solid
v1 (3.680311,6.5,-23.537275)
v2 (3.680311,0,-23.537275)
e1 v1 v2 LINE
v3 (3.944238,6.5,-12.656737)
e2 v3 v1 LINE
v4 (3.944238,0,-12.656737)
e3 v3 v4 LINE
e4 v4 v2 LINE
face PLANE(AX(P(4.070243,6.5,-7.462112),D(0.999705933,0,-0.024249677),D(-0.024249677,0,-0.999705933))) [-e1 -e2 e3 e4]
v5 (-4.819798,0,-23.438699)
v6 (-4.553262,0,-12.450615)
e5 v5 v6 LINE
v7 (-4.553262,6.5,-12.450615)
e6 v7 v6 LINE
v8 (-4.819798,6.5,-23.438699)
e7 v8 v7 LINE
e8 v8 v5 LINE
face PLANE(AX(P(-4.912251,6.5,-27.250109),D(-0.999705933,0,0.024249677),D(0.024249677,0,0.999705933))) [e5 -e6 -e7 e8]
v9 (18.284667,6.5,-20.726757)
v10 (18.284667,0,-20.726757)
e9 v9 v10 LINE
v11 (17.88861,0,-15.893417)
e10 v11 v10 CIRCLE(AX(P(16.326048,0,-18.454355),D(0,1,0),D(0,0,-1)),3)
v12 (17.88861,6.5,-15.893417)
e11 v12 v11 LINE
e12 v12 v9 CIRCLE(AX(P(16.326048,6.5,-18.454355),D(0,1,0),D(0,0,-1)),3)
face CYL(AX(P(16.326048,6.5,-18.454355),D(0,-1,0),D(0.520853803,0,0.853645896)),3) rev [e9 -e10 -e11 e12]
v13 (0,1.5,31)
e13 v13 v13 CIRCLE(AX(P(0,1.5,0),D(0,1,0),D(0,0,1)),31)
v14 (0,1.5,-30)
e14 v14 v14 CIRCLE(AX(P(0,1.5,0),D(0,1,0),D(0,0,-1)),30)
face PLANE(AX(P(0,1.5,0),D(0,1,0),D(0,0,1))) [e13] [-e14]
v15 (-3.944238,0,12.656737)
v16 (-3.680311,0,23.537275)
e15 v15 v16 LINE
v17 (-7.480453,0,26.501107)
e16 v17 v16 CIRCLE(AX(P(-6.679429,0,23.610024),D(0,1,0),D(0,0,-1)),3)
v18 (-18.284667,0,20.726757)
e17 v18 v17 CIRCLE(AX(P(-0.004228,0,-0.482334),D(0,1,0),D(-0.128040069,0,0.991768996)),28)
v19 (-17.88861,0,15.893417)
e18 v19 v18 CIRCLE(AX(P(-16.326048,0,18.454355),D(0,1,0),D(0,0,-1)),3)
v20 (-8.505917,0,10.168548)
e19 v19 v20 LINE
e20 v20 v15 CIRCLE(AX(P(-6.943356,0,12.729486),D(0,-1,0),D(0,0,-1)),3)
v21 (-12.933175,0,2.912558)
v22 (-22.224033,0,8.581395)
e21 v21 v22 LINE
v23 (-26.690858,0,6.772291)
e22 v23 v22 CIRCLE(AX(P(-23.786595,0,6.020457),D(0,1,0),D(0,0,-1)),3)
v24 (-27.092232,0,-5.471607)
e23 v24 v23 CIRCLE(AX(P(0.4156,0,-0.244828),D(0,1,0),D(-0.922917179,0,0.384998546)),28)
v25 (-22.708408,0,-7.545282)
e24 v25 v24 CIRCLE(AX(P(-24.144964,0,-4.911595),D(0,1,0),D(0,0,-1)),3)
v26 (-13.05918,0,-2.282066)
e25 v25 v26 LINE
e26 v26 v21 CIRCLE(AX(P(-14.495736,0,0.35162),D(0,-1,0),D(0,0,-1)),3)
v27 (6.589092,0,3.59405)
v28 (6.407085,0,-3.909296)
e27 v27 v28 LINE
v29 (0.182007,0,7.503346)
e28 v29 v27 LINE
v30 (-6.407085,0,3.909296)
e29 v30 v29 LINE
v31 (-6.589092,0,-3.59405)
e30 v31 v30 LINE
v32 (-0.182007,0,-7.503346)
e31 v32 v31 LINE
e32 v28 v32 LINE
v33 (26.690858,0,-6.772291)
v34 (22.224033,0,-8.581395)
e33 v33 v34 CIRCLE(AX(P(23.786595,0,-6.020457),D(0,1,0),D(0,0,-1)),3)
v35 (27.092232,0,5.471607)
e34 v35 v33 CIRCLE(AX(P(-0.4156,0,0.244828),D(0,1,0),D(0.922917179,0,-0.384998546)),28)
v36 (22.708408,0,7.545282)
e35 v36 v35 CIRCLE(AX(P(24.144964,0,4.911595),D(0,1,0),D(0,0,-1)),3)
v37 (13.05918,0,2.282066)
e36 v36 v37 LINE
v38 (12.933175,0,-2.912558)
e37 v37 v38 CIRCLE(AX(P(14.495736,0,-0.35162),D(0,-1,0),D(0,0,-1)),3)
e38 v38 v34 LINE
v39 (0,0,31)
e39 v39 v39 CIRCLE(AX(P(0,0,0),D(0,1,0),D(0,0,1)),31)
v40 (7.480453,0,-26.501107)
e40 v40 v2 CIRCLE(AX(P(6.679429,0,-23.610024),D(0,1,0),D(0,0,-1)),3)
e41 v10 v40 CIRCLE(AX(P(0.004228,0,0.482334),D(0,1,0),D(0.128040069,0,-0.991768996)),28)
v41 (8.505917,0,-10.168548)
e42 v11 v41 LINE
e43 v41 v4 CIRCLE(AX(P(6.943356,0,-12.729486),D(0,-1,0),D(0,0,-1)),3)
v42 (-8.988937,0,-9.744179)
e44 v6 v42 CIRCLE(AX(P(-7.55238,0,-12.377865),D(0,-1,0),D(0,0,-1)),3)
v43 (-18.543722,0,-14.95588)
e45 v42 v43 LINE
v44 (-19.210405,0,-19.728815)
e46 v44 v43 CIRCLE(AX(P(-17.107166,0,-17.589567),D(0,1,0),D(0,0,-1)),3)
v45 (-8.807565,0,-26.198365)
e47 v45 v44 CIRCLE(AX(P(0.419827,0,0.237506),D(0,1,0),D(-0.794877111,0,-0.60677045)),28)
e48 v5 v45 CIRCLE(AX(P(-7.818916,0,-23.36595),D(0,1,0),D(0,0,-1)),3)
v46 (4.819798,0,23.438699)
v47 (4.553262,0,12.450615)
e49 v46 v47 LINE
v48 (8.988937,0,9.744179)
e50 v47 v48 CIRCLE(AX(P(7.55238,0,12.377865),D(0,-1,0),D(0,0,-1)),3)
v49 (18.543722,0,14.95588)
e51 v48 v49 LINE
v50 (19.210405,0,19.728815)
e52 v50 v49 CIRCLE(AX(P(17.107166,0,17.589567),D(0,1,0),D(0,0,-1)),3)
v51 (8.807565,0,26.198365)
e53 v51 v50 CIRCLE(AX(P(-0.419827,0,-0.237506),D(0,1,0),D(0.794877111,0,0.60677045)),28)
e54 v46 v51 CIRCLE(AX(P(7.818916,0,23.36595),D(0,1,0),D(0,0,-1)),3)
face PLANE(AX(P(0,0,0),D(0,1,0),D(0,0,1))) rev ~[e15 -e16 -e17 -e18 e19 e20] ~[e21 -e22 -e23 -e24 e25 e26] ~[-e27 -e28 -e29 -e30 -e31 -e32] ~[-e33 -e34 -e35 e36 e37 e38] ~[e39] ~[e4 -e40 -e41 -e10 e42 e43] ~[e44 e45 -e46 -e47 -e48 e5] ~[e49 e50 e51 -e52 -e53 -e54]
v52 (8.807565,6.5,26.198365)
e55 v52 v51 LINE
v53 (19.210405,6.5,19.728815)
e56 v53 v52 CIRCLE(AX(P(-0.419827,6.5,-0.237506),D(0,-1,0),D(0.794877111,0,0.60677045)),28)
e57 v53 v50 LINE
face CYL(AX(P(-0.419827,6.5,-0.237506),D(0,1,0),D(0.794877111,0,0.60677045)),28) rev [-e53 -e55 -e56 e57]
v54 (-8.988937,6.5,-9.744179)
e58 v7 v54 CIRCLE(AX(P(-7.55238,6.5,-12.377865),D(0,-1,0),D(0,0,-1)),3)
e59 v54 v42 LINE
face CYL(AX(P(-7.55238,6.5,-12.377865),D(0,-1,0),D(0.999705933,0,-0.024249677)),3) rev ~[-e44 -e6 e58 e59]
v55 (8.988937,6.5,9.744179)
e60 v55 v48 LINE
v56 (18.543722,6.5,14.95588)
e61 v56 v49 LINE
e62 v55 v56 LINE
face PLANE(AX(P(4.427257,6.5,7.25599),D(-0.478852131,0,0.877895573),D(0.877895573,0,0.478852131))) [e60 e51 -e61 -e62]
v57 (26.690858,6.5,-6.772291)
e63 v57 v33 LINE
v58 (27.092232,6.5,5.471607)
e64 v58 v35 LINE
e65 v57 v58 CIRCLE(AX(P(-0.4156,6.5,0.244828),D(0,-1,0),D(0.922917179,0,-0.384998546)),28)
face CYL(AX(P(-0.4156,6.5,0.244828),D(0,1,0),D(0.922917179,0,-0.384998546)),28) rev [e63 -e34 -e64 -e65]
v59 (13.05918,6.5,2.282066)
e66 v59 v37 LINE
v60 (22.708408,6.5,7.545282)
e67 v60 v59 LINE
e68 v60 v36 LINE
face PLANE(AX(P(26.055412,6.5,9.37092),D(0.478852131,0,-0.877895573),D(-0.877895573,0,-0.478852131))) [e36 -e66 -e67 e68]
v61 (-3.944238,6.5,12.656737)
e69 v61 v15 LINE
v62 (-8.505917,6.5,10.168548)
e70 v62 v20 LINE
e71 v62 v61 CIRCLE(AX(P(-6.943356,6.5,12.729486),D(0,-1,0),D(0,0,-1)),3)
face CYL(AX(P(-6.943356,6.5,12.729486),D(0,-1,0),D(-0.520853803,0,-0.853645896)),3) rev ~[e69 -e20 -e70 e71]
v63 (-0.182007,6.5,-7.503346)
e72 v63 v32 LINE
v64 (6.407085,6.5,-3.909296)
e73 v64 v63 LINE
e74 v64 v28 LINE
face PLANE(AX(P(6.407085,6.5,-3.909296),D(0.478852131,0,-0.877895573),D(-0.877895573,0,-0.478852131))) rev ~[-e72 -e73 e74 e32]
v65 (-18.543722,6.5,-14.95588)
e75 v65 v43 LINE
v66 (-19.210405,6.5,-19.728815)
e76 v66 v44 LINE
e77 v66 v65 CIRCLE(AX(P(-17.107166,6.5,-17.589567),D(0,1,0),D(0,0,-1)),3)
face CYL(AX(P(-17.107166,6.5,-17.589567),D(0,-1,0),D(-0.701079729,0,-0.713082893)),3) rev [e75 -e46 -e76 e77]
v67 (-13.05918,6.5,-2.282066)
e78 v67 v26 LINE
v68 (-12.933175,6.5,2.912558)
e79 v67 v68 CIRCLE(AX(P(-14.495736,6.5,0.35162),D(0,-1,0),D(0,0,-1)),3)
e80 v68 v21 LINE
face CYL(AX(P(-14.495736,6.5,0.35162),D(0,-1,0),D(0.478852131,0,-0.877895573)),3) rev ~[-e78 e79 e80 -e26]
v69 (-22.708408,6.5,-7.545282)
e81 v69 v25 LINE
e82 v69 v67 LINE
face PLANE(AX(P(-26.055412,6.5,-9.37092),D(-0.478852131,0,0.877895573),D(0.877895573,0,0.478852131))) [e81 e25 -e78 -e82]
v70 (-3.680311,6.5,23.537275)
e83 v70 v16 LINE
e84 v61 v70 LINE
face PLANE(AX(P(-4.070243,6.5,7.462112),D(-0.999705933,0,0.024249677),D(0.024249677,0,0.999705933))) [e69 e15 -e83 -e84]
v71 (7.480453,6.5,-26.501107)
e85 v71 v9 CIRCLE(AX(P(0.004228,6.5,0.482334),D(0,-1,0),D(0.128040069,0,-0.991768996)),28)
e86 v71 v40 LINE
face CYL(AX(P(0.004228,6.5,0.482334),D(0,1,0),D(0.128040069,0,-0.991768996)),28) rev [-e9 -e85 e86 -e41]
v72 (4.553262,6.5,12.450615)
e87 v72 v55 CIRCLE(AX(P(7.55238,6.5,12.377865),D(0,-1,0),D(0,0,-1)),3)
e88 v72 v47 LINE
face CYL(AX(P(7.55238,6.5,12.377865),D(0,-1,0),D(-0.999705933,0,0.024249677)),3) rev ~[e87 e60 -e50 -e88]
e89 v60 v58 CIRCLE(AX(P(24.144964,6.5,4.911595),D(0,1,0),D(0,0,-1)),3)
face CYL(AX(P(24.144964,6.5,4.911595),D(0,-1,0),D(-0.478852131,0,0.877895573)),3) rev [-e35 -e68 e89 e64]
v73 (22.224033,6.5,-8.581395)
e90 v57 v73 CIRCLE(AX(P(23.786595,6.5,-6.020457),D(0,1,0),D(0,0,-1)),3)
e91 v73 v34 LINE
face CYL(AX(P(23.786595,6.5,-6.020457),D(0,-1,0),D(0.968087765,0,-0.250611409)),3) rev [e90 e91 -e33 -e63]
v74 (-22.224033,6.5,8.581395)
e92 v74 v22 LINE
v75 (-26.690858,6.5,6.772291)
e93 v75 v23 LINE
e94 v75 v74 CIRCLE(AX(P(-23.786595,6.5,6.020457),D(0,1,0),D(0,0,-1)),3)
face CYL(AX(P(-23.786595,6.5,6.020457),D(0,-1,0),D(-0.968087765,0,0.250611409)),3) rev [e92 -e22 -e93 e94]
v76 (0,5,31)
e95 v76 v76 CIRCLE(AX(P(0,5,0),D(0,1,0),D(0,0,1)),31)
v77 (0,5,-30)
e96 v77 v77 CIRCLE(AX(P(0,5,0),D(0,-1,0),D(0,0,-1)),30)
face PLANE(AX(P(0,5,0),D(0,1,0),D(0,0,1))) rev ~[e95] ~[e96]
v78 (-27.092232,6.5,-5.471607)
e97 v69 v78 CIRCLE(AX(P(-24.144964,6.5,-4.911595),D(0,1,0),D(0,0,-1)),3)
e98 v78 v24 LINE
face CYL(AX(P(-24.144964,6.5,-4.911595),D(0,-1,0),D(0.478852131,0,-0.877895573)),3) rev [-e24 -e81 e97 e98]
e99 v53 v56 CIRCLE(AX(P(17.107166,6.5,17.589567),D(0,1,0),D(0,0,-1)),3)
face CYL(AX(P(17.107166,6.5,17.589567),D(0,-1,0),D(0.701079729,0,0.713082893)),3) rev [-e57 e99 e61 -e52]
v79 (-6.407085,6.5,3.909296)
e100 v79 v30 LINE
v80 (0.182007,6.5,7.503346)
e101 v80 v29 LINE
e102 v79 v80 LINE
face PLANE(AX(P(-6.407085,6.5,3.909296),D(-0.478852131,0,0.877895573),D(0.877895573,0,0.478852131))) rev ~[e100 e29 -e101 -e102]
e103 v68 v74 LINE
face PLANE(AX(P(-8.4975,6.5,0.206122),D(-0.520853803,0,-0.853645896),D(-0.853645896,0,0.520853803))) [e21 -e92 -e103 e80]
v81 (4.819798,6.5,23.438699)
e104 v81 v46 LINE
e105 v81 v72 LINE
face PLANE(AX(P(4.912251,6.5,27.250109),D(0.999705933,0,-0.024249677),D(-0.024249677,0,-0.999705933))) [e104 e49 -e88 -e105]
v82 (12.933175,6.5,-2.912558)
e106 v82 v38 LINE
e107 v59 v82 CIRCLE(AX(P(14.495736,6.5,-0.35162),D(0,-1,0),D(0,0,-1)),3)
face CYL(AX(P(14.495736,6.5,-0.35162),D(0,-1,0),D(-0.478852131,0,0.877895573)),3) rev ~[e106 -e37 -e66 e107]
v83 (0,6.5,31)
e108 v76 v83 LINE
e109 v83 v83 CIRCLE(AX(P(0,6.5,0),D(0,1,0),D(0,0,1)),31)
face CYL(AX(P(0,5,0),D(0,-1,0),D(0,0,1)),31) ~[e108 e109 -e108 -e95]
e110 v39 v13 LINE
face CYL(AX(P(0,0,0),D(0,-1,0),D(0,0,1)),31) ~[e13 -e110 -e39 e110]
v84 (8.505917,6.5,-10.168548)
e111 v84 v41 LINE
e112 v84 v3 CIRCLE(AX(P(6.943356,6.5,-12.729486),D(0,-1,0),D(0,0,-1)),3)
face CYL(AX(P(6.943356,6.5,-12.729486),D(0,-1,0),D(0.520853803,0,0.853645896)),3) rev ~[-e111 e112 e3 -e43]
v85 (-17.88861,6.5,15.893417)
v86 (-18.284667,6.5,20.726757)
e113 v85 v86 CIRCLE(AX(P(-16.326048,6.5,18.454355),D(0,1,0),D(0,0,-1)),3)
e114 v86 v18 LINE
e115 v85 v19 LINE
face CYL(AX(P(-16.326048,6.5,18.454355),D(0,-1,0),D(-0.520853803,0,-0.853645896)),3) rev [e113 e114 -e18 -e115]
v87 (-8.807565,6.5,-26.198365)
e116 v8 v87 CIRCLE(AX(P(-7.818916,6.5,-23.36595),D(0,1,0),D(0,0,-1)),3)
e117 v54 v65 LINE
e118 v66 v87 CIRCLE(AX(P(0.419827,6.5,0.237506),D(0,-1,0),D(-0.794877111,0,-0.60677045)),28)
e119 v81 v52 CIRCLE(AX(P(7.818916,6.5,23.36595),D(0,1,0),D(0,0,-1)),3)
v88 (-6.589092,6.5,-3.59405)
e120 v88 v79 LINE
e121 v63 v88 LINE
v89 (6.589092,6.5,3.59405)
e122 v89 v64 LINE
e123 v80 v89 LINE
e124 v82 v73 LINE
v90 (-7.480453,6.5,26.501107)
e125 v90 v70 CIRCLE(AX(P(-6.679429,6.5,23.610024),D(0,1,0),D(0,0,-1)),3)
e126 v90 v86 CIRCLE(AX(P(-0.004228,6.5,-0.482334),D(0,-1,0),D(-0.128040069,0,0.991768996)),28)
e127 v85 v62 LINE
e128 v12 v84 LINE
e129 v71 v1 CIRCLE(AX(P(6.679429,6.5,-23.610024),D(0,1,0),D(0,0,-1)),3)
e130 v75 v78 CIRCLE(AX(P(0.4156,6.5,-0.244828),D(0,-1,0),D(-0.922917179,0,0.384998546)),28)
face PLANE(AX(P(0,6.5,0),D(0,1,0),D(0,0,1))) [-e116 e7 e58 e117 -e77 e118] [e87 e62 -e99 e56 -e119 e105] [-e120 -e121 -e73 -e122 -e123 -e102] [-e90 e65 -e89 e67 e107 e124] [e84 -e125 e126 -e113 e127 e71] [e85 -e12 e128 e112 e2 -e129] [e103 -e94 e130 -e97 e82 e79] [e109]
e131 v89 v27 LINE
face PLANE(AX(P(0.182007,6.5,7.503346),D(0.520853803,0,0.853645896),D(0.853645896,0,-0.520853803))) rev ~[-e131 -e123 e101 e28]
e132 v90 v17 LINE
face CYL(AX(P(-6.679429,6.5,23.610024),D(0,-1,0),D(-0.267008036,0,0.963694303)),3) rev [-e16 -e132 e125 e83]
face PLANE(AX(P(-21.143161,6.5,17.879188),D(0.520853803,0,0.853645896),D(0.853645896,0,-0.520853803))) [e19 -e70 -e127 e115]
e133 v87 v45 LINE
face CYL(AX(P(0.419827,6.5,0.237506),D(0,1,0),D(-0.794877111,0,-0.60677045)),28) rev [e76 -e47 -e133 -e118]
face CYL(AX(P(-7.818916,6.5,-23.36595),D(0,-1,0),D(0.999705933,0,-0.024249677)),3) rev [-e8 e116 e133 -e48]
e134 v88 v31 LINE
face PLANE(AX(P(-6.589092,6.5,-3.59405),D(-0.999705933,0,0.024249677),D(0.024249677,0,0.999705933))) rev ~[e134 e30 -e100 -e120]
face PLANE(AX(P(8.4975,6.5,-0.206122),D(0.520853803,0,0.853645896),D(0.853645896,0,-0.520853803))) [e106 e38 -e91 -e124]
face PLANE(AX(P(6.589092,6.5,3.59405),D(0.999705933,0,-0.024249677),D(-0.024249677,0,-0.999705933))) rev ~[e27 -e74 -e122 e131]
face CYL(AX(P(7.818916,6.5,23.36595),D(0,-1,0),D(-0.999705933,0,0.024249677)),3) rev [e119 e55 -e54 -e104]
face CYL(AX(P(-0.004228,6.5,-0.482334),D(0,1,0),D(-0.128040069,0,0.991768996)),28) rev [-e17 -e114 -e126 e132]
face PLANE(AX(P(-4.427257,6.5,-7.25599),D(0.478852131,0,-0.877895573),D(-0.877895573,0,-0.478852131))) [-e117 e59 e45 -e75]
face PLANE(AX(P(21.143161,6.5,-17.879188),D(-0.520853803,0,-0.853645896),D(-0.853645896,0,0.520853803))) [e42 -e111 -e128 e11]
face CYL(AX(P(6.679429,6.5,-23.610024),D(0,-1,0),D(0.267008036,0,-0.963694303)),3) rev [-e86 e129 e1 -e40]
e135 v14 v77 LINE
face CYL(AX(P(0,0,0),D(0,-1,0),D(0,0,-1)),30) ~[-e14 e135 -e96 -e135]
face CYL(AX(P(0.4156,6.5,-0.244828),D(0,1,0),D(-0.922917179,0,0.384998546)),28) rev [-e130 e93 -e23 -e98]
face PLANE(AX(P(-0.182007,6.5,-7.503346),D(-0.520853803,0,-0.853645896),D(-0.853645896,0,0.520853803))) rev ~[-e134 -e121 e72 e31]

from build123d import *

# Parameters (mm, degrees)
SKETCH1_R                = 30
BOSS_EXTRUDE1_DEPTH      = 6.5
SKETCH1_4_R              = 31
SKETCH1_4_R_2            = 30
BOSS_EXTRUDE3_DEPTH      = 1.5
BOSS_EXTRUDE4_START      = -1.5
SKETCH4_R                = 31
BOSS_EXTRUDE4_DEPTH      = 1.5
CUT_EXTRUDE1_DEPTH       = 45.319860108
CUT_EXTRUDE2_DEPTH       = 45.319860108
FILLET1_R                = 3
CIRPATTERN1_COUNT        = 6
FILLET1_OF_CIRPATTERN1_R = 3


with BuildPart() as part:
    # Sketch1 → Boss-Extrude1 (new body)
    with BuildSketch(Plane(origin=(0, 0, 0), x_dir=(1, 0, 0), z_dir=(0, 1, 0))):
        Circle(SKETCH1_R)
    extrude(amount=BOSS_EXTRUDE1_DEPTH)

    # Sketch1<4> → Boss-Extrude3 (add)
    with BuildSketch(Plane(origin=(0, 0, 0), x_dir=(1, 0, 0), z_dir=(0, 1, 0))):
        Circle(SKETCH1_4_R)
        Circle(SKETCH1_4_R_2, mode=Mode.SUBTRACT)
    extrude(amount=BOSS_EXTRUDE3_DEPTH)

    # Sketch4 → Boss-Extrude4 (add)
    with BuildSketch(Plane(origin=(0, 6.5, 0), x_dir=(1, 0, 0), z_dir=(0, 1, 0)).offset(BOSS_EXTRUDE4_START)):
        Circle(SKETCH4_R)
    extrude(amount=BOSS_EXTRUDE4_DEPTH)

    # Sketch6 → Cut-Extrude1 (cut, through all)
    with BuildSketch(Plane(origin=(0, 6.5, 0), x_dir=(1, 0, 0), z_dir=(0, 1, 0))):
        Polygon((-6.589092189, 3.594050285), (-6.407084944, -3.909296081), (0.182007245, -7.503346367), (6.589092189, -3.594050285), (6.407084944, 3.909296081), (-0.182007245, 7.503346367), align=None)
    extrude(amount=-CUT_EXTRUDE1_DEPTH, mode=Mode.SUBTRACT)

    # Sketch7 → Cut-Extrude2 (cut, through all)
    with BuildSketch(Plane(origin=(0, 6.5, 0), x_dir=(1, 0, 0), z_dir=(0, 1, 0))):
        with BuildLine():
            Line((-4.427257323, 7.255990118), (-21.836731707, 16.752067056))
            ThreePointArc((-21.836731707, 16.752067056), (-14.339422173, 23.556707036), (-4.912250855, 27.250108785))
            Line((-4.912250855, 27.250108785), (-4.427257323, 7.255990118))
        make_face()
    cut_extrude2 = extrude(amount=-CUT_EXTRUDE2_DEPTH, mode=Mode.SUBTRACT)

    # Fillet1
    fillet1_edges = [part.edges().sort_by_distance(p)[0] for p in [
        (-4.427257323, 3.25, -7.255990118),
        (-4.912250855, 3.25, -27.250108785),
        (-21.836731707, 3.25, -16.752067056),
    ]]
    fillet(fillet1_edges, radius=FILLET1_R)

    # CirPattern1: Cut-Extrude2 ×6 about axis
    cirpattern1_axis = Axis((0, 6.5, 0), (0, 1, 0))
    for i in range(1, CIRPATTERN1_COUNT):
        add(cut_extrude2.rotate(cirpattern1_axis, i * 360 / CIRPATTERN1_COUNT), mode=Mode.SUBTRACT)

    # Fillet1 of CirPattern1
    fillet1_of_cirpattern1_edges = [part.edges().sort_by_distance(p)[0] for p in [
        (-8.497500434, 3.25, 0.206122251),
        (-26.055411892, 3.25, -9.370920362),
        (-25.42608149, 3.25, 10.535130867),
        (-4.070243111, 3.25, 7.46211237),
        (-21.143161036, 3.25, 17.879188423),
        (-3.589349782, 3.25, 27.287197922),
        (4.427257323, 3.25, 7.255990118),
        (4.912250855, 3.25, 27.250108785),
        (21.836731707, 3.25, 16.752067056),
        (8.497500434, 3.25, -0.206122251),
        (26.055411892, 3.25, 9.370920362),
        (25.42608149, 3.25, -10.535130867),
        (4.070243111, 3.25, -7.46211237),
        (21.143161036, 3.25, -17.879188423),
        (3.589349782, 3.25, -27.287197922),
    ]]
    fillet(fillet1_of_cirpattern1_edges, radius=FILLET1_OF_CIRPATTERN1_R)


solid = part.part
